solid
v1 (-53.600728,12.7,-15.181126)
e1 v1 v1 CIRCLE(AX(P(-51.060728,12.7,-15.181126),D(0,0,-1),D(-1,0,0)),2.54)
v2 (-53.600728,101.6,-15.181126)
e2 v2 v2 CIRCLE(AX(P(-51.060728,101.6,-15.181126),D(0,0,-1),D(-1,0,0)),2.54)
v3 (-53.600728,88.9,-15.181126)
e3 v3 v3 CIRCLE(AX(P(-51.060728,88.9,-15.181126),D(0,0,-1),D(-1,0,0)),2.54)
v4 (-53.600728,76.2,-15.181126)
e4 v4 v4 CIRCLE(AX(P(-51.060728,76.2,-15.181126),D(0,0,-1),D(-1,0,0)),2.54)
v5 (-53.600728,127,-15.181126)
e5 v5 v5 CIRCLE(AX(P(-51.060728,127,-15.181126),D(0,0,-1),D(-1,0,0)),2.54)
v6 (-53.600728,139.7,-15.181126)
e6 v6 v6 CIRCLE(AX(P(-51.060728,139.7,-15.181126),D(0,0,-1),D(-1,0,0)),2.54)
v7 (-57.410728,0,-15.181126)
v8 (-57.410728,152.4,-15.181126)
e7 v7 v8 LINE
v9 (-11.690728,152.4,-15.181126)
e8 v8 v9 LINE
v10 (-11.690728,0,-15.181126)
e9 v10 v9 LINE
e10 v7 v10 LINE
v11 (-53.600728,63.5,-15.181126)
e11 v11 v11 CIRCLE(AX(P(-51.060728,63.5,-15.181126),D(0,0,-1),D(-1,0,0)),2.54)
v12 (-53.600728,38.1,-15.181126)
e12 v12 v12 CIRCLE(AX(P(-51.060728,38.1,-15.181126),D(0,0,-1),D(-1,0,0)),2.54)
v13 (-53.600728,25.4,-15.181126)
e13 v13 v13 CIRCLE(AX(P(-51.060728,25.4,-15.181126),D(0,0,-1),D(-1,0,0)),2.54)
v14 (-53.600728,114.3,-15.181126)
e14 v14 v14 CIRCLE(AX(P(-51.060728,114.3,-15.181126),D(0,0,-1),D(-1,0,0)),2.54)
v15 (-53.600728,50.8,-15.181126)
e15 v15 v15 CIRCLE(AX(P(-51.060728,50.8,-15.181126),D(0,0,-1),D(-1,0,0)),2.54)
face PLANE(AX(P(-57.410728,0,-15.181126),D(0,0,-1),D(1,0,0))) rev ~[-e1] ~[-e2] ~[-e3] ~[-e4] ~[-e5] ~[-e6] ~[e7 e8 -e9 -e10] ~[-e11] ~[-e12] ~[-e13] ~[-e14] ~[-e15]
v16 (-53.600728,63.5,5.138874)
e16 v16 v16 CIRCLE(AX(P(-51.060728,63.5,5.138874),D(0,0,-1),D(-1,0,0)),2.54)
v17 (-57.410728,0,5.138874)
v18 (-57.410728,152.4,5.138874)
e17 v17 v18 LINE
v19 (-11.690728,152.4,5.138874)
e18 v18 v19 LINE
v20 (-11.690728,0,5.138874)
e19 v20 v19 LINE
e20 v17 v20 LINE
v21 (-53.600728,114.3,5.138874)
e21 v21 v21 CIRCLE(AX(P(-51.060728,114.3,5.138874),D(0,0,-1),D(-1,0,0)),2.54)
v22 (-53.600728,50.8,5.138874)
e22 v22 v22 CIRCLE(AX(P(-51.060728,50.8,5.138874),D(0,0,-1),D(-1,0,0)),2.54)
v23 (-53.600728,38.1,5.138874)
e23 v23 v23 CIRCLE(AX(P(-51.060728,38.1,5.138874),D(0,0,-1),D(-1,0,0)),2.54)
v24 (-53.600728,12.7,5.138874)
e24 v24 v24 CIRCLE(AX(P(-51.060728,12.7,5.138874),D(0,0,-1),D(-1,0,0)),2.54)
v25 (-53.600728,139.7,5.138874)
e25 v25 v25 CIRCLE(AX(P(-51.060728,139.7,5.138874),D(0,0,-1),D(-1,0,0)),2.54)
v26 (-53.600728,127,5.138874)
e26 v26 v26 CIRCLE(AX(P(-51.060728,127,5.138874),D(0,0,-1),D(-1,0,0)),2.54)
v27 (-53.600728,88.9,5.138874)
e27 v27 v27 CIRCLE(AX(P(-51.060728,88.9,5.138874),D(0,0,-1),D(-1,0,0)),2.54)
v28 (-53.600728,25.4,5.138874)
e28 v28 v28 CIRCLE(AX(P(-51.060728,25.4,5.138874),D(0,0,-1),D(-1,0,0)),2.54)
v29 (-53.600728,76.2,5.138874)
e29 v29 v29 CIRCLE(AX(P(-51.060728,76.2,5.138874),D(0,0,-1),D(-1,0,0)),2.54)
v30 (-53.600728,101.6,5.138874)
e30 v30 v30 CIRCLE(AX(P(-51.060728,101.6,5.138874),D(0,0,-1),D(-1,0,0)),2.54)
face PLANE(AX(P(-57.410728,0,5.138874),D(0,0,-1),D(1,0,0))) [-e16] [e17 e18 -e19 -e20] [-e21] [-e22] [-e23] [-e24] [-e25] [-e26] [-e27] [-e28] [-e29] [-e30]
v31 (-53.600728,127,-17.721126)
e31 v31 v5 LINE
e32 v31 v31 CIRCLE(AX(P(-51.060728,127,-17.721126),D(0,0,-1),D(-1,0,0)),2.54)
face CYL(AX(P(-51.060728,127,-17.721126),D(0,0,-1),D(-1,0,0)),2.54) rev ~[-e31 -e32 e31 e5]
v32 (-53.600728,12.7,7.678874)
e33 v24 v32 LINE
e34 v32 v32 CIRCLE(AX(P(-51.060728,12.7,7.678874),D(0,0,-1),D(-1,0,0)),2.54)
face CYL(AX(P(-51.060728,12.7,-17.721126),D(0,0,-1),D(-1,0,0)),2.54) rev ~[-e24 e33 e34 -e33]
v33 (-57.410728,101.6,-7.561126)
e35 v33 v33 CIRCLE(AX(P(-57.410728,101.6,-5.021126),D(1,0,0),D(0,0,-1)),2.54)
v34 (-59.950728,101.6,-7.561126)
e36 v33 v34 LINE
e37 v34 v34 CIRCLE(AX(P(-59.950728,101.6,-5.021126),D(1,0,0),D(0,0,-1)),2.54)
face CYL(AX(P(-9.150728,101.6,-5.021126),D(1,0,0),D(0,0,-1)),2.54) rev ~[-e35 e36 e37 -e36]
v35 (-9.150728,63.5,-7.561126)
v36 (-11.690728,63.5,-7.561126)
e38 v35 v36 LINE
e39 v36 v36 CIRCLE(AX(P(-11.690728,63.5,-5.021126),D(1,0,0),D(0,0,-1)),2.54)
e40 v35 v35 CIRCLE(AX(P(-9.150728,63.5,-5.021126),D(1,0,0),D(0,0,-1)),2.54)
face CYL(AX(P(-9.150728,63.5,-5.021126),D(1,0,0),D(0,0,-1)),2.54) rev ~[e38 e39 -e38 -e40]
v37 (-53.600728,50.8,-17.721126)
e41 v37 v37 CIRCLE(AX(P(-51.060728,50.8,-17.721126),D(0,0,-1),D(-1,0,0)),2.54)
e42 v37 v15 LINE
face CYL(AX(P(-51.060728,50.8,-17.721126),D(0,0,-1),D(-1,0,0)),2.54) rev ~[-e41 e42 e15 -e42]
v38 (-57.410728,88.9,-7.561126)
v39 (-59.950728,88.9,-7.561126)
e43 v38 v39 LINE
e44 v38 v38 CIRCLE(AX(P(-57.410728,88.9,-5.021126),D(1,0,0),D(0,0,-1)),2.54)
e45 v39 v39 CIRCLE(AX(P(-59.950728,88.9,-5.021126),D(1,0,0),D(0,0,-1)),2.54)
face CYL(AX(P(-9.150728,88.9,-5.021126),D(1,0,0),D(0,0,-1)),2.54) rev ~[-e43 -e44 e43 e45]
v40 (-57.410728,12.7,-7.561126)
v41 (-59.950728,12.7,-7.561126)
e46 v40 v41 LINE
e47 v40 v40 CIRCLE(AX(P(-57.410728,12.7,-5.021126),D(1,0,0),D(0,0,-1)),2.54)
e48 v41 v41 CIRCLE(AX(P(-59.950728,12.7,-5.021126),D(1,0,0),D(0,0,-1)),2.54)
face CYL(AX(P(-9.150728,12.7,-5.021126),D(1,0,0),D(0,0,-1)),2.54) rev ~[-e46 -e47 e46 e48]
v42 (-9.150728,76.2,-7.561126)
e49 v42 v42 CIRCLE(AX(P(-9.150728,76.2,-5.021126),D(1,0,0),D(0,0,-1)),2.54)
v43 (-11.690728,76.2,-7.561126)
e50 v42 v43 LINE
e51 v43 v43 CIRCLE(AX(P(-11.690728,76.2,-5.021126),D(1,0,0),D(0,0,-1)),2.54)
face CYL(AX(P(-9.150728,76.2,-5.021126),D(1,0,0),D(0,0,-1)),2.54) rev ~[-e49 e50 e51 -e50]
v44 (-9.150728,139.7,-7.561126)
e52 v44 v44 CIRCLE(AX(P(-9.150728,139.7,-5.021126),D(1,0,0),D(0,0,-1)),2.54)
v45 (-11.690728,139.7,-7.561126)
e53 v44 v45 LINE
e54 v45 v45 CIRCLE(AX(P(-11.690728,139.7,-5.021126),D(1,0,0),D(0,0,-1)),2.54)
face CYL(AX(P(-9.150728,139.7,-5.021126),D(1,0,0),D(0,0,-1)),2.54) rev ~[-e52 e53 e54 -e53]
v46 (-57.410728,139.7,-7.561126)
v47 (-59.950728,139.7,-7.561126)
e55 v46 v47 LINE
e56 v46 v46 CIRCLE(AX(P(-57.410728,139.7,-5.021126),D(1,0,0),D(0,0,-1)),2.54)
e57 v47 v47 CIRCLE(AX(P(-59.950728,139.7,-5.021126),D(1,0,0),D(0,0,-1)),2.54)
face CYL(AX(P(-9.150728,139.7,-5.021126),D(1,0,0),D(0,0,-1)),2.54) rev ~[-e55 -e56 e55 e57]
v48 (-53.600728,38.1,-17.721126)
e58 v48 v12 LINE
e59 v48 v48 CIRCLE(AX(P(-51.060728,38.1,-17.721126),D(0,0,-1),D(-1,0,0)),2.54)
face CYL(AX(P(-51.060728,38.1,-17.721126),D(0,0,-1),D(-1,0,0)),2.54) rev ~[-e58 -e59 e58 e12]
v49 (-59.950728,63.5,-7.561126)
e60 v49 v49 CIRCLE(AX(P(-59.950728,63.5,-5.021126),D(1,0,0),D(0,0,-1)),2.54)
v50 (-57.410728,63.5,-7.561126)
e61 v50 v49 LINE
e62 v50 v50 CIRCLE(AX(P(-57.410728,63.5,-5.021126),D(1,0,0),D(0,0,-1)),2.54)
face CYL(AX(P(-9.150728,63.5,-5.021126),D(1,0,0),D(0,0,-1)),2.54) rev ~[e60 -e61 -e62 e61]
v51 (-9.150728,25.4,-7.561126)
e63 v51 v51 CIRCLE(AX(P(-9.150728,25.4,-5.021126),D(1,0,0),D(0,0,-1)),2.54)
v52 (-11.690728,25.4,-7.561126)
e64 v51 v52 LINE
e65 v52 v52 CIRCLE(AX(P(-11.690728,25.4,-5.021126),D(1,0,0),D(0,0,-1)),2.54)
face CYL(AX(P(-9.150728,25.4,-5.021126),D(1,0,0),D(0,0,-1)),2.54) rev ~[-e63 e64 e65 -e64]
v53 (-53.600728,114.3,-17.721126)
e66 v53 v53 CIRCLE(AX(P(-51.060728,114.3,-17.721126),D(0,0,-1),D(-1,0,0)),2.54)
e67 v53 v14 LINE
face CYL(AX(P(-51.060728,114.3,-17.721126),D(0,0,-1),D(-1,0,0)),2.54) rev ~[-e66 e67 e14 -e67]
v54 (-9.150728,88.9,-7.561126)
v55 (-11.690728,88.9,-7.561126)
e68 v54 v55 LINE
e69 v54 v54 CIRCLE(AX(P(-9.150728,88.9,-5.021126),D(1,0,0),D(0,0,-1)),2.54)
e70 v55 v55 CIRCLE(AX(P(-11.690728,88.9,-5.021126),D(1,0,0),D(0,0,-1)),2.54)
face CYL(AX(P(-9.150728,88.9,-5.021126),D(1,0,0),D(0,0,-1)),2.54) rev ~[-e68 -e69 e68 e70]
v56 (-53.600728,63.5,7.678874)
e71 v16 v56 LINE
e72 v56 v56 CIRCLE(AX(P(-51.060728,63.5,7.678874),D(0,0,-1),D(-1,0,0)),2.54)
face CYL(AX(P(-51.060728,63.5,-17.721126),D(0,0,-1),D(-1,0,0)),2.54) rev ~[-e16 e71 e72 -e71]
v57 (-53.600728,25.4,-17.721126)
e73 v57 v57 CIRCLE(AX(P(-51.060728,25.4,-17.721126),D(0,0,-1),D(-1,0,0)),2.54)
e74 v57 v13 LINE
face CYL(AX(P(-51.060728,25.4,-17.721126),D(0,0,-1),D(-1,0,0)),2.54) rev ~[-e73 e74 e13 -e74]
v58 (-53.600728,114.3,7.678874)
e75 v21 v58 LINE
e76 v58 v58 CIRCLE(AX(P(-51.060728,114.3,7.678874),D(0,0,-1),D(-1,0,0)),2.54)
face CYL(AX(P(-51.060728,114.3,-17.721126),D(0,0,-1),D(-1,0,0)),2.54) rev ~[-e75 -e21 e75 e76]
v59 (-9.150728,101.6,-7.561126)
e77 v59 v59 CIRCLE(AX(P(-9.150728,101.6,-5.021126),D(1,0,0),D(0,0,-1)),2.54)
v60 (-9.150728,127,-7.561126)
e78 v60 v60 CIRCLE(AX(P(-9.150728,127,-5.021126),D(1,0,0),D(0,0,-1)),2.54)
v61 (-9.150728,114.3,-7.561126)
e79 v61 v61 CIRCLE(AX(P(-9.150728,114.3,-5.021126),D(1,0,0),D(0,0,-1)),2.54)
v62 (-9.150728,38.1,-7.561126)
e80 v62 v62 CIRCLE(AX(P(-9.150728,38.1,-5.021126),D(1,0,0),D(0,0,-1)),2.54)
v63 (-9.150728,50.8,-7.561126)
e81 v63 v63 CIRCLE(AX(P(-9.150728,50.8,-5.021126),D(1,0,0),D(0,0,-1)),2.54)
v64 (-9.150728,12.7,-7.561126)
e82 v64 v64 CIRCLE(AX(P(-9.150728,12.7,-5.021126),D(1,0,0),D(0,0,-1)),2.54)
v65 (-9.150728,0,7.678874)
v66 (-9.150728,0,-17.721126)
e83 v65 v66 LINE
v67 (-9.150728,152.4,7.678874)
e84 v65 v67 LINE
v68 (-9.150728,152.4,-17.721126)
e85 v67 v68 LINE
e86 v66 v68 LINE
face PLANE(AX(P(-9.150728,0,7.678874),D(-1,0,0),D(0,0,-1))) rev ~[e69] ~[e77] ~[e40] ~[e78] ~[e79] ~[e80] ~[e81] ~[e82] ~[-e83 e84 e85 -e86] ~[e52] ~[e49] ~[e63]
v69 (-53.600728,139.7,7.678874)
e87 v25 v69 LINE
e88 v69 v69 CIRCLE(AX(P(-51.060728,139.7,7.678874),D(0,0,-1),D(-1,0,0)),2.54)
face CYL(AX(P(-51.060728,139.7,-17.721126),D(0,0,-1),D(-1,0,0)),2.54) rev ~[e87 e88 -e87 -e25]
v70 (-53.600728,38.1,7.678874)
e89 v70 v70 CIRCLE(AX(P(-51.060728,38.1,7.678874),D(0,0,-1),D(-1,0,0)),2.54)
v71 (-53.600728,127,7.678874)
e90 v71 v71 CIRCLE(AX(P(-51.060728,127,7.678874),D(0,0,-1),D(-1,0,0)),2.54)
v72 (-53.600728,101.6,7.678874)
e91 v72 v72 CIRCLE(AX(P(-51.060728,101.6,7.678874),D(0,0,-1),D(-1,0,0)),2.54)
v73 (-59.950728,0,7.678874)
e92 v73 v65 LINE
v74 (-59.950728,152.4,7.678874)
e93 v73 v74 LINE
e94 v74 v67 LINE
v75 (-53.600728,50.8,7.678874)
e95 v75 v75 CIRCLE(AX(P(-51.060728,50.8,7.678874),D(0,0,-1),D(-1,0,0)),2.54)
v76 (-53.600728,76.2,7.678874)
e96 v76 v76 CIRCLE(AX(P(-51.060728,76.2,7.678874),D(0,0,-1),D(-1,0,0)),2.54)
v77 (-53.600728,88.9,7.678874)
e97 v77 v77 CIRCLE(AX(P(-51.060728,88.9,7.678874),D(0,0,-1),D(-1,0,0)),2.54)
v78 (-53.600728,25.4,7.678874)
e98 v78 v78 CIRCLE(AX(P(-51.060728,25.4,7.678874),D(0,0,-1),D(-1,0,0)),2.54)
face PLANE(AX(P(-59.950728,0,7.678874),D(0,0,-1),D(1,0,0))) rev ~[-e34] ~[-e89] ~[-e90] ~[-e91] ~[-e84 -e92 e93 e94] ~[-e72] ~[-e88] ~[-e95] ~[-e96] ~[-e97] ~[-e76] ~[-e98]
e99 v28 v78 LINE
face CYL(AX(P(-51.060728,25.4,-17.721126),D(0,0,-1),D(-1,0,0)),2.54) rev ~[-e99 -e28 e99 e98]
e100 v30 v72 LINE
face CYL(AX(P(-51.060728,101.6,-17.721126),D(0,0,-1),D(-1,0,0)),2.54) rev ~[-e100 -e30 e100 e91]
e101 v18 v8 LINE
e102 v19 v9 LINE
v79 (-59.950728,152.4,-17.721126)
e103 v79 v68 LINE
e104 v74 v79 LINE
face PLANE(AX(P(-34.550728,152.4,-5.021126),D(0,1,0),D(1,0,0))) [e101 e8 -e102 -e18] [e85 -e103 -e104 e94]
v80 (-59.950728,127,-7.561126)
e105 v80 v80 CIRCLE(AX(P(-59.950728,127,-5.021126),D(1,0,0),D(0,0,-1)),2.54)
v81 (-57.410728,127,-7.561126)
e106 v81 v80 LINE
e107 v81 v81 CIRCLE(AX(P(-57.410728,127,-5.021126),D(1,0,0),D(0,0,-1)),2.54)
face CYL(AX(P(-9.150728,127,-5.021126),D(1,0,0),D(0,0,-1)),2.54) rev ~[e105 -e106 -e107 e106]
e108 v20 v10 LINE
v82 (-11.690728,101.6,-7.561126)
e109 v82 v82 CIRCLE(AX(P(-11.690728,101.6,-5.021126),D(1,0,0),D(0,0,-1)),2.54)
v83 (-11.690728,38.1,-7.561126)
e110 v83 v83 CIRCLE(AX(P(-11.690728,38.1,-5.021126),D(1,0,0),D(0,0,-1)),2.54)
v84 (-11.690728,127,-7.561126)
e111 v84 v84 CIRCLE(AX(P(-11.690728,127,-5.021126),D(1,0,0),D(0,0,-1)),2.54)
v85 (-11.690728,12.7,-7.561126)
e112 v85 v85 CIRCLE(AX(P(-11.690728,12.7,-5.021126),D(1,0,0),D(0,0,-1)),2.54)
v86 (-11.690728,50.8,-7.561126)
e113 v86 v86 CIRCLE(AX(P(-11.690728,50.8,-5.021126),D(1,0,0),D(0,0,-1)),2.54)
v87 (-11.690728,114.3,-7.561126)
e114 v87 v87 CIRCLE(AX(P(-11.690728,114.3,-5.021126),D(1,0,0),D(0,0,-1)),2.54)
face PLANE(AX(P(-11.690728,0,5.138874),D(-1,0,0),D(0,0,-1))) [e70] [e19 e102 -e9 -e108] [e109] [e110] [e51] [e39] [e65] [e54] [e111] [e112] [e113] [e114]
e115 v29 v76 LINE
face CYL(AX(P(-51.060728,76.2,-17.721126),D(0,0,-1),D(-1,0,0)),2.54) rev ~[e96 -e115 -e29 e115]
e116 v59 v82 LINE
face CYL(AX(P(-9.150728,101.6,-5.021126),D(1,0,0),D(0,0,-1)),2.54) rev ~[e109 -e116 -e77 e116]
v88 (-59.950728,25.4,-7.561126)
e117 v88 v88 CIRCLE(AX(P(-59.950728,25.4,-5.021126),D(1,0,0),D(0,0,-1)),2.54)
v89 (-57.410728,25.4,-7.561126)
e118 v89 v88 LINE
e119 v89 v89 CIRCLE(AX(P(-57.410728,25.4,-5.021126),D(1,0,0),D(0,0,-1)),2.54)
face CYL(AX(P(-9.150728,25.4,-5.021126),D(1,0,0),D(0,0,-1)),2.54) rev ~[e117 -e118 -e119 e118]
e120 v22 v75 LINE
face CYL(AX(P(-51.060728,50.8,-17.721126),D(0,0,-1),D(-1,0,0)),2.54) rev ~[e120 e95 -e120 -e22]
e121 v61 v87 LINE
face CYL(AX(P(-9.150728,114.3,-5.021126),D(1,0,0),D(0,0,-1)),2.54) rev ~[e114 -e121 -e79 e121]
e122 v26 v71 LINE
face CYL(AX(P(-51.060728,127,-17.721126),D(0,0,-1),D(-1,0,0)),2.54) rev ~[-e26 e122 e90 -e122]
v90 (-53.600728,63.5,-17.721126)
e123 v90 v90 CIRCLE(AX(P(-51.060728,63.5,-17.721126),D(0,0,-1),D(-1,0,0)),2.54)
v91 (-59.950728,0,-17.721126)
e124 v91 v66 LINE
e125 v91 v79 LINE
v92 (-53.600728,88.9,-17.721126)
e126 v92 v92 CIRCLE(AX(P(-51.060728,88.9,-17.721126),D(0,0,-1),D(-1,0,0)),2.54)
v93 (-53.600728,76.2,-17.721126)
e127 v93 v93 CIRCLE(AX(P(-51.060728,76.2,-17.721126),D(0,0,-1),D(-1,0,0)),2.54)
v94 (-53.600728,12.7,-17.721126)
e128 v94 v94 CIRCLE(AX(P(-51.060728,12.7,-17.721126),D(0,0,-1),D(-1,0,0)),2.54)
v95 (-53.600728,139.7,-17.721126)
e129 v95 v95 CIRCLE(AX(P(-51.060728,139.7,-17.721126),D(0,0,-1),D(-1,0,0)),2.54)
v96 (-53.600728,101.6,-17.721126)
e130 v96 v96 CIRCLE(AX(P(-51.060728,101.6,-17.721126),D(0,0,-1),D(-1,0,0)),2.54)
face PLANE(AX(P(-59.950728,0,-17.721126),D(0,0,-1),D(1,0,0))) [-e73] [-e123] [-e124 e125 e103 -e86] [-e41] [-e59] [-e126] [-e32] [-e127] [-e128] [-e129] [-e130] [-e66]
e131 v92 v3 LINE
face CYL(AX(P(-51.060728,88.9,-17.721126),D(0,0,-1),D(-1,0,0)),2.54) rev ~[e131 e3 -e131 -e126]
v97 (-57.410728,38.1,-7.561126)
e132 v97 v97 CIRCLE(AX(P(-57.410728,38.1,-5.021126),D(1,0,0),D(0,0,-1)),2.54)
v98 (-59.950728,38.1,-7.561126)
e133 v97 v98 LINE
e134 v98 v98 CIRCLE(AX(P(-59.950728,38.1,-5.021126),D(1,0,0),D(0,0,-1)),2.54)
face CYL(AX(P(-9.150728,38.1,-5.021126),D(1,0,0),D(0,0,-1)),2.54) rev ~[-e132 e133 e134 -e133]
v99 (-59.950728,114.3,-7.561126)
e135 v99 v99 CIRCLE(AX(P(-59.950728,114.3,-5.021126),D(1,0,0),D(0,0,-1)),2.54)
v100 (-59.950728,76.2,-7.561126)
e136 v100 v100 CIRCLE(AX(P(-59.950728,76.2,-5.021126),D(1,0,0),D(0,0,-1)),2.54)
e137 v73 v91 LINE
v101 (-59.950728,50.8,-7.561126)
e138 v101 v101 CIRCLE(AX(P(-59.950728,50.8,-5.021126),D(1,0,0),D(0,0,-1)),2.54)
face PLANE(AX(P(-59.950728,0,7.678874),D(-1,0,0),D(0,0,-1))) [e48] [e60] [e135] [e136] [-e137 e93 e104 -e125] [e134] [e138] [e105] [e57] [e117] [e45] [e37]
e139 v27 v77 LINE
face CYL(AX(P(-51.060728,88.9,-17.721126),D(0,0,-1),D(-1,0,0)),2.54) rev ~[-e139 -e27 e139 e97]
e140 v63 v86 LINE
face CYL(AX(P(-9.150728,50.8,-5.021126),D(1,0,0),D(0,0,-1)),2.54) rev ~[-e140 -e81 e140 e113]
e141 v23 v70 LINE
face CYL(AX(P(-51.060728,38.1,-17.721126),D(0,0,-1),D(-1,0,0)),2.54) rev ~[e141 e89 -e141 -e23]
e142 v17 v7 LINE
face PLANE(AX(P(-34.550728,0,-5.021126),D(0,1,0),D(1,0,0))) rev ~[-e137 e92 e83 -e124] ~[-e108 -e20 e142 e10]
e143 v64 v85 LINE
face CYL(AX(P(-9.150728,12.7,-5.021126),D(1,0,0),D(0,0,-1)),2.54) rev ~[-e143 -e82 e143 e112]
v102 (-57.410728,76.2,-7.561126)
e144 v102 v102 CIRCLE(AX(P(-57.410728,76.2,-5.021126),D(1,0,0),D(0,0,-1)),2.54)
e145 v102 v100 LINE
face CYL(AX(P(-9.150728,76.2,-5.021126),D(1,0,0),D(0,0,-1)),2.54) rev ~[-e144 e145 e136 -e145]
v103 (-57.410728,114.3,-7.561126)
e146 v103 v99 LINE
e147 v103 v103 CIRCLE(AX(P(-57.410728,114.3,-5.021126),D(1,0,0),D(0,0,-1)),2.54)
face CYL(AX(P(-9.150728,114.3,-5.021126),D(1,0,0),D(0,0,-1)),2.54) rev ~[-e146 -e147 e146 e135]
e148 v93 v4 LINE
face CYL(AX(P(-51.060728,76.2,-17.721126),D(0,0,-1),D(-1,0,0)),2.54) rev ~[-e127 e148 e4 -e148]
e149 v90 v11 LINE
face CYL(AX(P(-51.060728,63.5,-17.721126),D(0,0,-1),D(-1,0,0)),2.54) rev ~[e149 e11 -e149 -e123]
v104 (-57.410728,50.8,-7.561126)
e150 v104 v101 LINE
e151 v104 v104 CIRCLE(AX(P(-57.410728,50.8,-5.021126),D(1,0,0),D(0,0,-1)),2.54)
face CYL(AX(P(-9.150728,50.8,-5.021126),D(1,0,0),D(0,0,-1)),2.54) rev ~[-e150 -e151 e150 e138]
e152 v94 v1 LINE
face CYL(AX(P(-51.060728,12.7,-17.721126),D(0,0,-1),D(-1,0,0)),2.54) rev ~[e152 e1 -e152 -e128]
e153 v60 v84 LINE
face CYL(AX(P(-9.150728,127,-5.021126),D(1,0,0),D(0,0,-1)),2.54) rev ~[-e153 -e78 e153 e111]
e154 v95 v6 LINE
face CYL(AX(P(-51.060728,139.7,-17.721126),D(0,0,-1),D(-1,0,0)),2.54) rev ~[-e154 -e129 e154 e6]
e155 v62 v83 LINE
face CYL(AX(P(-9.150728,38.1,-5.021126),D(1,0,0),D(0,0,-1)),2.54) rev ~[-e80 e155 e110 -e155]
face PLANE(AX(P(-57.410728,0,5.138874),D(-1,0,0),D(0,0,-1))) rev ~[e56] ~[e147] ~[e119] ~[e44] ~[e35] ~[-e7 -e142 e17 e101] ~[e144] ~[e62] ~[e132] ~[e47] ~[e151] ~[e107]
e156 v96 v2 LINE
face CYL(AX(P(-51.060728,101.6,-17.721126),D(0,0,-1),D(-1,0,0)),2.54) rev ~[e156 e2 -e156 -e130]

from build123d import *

# Parameters (mm, degrees)
SKETCH1_W           = 50.8
SKETCH1_H           = 25.4
SKETCH1_W_2         = 45.72
SKETCH1_H_2         = 20.32
BOSS_EXTRUDE2_DEPTH = 152.4
SKETCH2_R           = 2.54
CUT_EXTRUDE1_DEPTH  = 127
SKETCH3_R           = 2.54
CUT_EXTRUDE2_DEPTH  = 166.725706651


with BuildPart() as part:
    # Sketch1 → Boss-Extrude2 (new body)
    with BuildSketch(Plane(origin=(0, 0, 0), x_dir=(1, 0, 0), z_dir=(0, 1, 0))):
        with Locations((-34.550728477, 5.021125828)):
            Rectangle(SKETCH1_W, SKETCH1_H)
        with Locations((-34.550728477, 5.021125828)):
            Rectangle(SKETCH1_W_2, SKETCH1_H_2, mode=Mode.SUBTRACT)
    extrude(amount=BOSS_EXTRUDE2_DEPTH)

    # Sketch2 → Cut-Extrude1 (cut)
    with BuildSketch(Plane(origin=(-9.150728477, 0, 0), x_dir=(0, 0, -1), z_dir=(1, 0, 0))):
        with Locations((5.021125828, 139.7)):
            Circle(SKETCH2_R)
        with Locations((5.021125828, 127)):
            Circle(SKETCH2_R)
        with Locations((5.021125828, 114.3)):
            Circle(SKETCH2_R)
        with Locations((5.021125828, 101.6)):
            Circle(SKETCH2_R)
        with Locations((5.021125828, 88.9)):
            Circle(SKETCH2_R)
        with Locations((5.021125828, 76.2)):
            Circle(SKETCH2_R)
        with Locations((5.021125828, 63.5)):
            Circle(SKETCH2_R)
        with Locations((5.021125828, 50.8)):
            Circle(SKETCH2_R)
        with Locations((5.021125828, 38.1)):
            Circle(SKETCH2_R)
        with Locations((5.021125828, 25.4)):
            Circle(SKETCH2_R)
        with Locations((5.021125828, 12.7)):
            Circle(SKETCH2_R)
    extrude(amount=-CUT_EXTRUDE1_DEPTH, mode=Mode.SUBTRACT)

    # Sketch3 → Cut-Extrude2 (cut, through all)
    with BuildSketch(Plane(origin=(0, 0, -17.721125828), x_dir=(-1, 0, 0), z_dir=(0, 0, -1))):
        with Locations((51.060728477, 139.7)):
            Circle(SKETCH3_R)
        with Locations((51.060728477, 127)):
            Circle(SKETCH3_R)
        with Locations((51.060728477, 114.3)):
            Circle(SKETCH3_R)
        with Locations((51.060728477, 101.6)):
            Circle(SKETCH3_R)
        with Locations((51.060728477, 88.9)):
            Circle(SKETCH3_R)
        with Locations((51.060728477, 76.2)):
            Circle(SKETCH3_R)
        with Locations((51.060728477, 63.5)):
            Circle(SKETCH3_R)
        with Locations((51.060728477, 50.8)):
            Circle(SKETCH3_R)
        with Locations((51.060728477, 38.1)):
            Circle(SKETCH3_R)
        with Locations((51.060728477, 25.4)):
            Circle(SKETCH3_R)
        with Locations((51.060728477, 12.7)):
            Circle(SKETCH3_R)
    extrude(amount=-CUT_EXTRUDE2_DEPTH, mode=Mode.SUBTRACT)


solid = part.part
